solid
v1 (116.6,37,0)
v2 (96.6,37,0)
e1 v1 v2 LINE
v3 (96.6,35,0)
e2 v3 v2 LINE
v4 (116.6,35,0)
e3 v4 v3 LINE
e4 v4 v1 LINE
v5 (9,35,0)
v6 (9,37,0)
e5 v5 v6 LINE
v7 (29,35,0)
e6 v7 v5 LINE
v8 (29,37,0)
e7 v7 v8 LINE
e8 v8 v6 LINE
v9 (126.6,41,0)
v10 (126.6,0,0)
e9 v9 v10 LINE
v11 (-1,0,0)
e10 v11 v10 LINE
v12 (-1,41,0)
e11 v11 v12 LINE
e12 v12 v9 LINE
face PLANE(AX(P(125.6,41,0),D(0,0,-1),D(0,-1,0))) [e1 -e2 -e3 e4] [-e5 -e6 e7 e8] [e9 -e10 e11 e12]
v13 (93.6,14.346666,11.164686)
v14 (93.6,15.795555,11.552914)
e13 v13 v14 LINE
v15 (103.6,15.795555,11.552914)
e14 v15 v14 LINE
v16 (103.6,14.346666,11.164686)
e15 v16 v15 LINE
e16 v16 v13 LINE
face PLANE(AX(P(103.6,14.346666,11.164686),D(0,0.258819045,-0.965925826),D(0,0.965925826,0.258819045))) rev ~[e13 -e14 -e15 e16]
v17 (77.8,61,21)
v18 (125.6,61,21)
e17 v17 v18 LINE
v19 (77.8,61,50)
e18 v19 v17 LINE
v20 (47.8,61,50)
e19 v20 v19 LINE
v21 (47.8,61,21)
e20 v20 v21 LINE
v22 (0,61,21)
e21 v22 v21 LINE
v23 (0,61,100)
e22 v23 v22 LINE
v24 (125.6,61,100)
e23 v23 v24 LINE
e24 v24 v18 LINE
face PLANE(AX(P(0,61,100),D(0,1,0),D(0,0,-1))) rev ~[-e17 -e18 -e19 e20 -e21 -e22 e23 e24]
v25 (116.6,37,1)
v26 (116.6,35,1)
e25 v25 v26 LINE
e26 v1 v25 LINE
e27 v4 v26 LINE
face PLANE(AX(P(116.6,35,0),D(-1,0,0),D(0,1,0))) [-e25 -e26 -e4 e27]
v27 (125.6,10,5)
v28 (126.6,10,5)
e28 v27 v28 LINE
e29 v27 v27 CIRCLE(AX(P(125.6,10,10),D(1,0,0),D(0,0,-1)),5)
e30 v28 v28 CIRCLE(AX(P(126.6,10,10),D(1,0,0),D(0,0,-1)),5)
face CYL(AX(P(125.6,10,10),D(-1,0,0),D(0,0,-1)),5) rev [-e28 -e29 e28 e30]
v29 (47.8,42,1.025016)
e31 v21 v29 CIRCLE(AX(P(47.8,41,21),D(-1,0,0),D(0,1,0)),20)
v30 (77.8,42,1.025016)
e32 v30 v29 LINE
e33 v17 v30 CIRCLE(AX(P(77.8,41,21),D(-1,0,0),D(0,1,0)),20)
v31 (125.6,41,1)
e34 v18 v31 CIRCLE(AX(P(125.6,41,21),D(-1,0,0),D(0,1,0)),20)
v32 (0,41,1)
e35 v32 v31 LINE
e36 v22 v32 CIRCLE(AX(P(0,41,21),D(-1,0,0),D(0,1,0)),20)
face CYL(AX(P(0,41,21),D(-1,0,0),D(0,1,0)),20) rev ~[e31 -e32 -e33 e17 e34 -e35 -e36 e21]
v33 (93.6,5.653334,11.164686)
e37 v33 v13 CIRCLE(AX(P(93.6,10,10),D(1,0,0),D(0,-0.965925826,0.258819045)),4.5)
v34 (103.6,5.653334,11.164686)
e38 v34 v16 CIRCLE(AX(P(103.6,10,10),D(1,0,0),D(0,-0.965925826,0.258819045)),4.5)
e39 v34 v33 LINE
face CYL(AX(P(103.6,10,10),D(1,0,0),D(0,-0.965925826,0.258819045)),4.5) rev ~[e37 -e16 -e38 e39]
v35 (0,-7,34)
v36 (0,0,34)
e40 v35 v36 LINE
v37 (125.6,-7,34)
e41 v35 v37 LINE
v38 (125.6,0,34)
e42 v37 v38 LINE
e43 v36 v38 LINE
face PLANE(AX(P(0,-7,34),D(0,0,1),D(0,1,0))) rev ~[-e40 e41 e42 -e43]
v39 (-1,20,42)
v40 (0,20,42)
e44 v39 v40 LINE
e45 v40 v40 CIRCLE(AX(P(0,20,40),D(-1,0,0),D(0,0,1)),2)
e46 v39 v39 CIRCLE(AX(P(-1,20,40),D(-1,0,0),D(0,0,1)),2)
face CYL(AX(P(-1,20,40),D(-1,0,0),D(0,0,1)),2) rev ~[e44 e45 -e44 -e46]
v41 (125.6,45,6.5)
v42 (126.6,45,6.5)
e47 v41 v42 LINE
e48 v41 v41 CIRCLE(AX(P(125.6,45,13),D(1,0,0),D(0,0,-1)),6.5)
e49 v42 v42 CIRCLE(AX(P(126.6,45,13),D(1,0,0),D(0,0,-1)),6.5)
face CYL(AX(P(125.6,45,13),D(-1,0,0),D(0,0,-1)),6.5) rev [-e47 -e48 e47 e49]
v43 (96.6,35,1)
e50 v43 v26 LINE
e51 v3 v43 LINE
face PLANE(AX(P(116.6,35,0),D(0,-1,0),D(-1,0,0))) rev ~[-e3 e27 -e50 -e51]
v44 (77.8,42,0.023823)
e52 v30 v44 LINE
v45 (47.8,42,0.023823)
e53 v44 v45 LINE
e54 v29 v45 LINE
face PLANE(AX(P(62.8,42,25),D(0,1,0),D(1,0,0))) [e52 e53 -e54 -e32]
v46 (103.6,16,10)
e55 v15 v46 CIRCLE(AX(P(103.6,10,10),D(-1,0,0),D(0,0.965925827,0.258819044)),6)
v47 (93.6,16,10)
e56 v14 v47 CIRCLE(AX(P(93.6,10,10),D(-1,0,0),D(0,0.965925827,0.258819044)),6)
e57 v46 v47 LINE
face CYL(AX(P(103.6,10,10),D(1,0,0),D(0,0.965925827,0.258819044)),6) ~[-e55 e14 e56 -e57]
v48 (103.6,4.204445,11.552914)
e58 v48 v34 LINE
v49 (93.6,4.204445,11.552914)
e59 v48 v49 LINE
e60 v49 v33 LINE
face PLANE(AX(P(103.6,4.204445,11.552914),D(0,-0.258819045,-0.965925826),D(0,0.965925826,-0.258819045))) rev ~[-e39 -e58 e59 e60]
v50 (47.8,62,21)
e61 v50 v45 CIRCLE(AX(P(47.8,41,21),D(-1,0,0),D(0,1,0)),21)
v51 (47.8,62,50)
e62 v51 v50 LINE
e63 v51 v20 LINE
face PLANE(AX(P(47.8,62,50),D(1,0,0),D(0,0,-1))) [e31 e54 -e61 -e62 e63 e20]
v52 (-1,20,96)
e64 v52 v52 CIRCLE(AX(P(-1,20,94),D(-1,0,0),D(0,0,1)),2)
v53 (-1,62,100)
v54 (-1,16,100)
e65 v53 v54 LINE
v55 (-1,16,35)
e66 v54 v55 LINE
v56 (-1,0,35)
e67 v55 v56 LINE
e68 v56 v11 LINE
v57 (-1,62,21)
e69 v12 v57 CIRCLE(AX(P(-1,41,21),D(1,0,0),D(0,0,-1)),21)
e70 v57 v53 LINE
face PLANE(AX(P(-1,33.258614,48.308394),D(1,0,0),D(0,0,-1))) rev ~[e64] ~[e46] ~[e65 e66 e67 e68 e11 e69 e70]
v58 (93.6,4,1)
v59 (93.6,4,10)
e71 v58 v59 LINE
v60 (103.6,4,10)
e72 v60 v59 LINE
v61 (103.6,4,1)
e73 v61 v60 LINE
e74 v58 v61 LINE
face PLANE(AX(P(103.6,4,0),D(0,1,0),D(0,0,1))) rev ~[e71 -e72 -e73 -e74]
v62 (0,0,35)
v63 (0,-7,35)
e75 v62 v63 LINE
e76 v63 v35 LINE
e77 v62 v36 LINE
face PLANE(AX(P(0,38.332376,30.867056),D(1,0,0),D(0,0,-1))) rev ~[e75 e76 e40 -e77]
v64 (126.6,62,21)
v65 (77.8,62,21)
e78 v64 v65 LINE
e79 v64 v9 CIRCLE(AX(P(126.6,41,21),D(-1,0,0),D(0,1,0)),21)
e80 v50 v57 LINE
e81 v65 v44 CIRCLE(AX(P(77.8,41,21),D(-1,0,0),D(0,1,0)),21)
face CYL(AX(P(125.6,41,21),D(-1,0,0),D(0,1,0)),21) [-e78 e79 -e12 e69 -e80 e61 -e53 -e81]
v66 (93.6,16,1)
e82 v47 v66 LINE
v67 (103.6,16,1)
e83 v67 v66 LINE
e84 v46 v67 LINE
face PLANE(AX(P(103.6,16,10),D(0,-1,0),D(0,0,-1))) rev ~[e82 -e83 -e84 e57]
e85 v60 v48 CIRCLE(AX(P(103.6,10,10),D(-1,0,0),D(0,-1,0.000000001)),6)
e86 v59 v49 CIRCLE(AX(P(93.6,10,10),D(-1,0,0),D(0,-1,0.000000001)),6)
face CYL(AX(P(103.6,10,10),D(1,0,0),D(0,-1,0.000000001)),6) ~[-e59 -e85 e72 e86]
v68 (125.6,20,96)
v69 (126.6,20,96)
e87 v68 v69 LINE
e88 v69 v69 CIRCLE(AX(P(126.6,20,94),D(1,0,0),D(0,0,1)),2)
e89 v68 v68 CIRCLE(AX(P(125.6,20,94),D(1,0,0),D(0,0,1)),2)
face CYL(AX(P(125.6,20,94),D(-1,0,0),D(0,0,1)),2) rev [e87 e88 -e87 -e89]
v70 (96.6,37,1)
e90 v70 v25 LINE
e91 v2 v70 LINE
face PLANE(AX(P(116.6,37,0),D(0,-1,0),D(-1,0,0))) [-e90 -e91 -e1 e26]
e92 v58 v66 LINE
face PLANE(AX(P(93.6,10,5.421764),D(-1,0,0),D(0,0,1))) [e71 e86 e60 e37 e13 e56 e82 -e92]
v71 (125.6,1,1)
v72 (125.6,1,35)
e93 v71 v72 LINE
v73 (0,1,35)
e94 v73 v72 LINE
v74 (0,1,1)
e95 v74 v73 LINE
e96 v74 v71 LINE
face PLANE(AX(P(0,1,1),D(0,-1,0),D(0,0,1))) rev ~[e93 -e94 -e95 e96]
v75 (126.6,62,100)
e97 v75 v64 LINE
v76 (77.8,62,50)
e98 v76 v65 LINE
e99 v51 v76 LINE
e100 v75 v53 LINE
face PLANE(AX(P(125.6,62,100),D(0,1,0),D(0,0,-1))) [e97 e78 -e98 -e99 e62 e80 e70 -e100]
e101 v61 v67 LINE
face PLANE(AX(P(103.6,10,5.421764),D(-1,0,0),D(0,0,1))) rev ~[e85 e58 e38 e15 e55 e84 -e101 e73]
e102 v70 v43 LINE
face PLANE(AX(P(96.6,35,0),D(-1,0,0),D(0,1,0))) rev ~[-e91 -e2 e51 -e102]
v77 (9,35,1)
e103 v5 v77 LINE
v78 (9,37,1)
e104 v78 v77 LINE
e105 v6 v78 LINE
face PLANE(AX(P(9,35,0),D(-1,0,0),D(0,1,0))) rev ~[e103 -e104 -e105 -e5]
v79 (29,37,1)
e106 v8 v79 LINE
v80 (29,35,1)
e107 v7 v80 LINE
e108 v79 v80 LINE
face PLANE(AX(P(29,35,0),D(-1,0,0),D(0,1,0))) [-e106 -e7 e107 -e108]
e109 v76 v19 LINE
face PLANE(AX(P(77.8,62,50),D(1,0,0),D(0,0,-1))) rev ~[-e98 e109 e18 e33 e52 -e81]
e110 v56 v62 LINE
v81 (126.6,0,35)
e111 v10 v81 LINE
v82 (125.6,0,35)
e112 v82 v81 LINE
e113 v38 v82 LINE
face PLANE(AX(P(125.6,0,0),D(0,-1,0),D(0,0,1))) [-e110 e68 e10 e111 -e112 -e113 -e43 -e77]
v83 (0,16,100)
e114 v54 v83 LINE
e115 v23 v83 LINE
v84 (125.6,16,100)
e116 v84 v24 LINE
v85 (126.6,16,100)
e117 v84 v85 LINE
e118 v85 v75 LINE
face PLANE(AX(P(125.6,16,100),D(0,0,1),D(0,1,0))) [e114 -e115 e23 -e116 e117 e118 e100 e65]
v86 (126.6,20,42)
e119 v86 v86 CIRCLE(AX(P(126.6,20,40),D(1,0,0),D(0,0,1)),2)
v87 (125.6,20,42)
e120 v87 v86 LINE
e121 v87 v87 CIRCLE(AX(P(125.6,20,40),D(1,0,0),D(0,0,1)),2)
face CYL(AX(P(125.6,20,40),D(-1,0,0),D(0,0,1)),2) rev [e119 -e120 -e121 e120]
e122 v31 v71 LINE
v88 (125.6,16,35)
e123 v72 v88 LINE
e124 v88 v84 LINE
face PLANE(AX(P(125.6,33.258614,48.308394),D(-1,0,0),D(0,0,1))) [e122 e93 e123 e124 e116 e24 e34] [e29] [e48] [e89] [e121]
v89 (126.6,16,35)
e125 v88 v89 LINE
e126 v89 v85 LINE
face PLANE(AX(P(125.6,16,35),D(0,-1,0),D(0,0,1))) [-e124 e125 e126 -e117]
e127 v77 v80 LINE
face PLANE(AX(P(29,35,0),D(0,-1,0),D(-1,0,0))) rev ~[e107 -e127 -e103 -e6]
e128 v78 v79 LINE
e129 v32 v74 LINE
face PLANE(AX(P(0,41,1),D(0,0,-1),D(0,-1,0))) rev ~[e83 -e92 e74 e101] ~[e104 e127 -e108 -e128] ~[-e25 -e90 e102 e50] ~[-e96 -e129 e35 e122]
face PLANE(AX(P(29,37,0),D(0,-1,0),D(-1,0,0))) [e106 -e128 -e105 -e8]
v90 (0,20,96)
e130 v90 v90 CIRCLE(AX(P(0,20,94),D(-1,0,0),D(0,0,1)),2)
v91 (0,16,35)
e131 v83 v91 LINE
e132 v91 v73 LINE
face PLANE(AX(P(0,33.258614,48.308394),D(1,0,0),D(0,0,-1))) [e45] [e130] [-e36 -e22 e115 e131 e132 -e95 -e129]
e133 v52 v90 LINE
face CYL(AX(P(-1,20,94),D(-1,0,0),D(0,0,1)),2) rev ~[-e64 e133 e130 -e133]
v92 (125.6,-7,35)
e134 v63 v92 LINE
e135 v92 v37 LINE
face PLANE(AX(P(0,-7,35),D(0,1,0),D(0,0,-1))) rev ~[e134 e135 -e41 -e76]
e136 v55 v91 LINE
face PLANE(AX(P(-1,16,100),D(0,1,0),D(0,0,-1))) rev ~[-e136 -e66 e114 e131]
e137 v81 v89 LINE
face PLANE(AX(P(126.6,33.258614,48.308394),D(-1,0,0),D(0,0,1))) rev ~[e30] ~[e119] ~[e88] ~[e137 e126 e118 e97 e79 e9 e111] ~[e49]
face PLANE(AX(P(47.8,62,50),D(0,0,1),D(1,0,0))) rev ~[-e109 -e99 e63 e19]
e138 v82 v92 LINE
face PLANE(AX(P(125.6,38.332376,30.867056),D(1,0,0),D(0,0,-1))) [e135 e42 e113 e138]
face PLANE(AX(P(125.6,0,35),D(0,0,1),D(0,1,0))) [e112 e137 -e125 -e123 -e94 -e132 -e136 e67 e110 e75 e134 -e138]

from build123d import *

# Parameters (mm, degrees)
EXTRUDE_1_DEPTH     = 125.6
EXTRUDE_START       = 1
SKETCH_2_R          = 2
EXTRUDE_2_DEPTH     = 1
SKETCH_3_R          = 2
SKETCH_3_R_2        = 6.5
SKETCH_3_R_3        = 5
EXTRUDE_3_DEPTH     = 1
SKETCH_4_W          = 30
SKETCH_4_H          = 50
CUT_EXTRUDE_1_DEPTH = 20
CUT_EXTRUDE_2_REACH = 174.834
SKETCH_5_W          = 20
SKETCH_5_H          = 2
EXTRUDE_START_2     = -23
EXTRUDE_4_DEPTH     = 10


with BuildPart() as part:
    # 草图1 → 凸台-拉伸1 (new body)
    with BuildSketch(Plane(origin=(0, 0, 0), x_dir=(0, 0, -1), z_dir=(1, 0, 0))):
        with BuildLine():
            Line((0, 0), (0, 41))
            ThreePointArc((0, 41), (-6.150757595, 55.849242405), (-21, 62))
            Line((-21, 62), (-100, 62))
            Line((-100, 62), (-100, 61))
            Line((-100, 61), (-21, 61))
            ThreePointArc((-21, 61), (-6.857864376, 55.142135624), (-1, 41))
            Line((-1, 41), (-1, 1))
            Line((-1, 1), (-35, 1))
            Line((-35, 1), (-35, -7))
            Line((-35, -7), (-34, -7))
            Line((-34, -7), (-34, 0))
            Line((-34, 0), (0, 0))
        make_face()
    extrude(amount=EXTRUDE_1_DEPTH)

    # 草图2 → 凸台-拉伸2 (add)
    with BuildSketch(Plane.ZY.offset(EXTRUDE_START)):
        with BuildLine():
            Line((35, 0), (0, 0))
            Line((0, 0), (0, 41))
            ThreePointArc((0, 41), (6.150757595, 55.849242405), (21, 62))
            Line((21, 62), (100, 62))
            Line((100, 62), (100, 16))
            Line((100, 16), (35, 16))
            Line((35, 16), (35, 0))
        make_face()
        with Locations((94, 20)):
            Circle(SKETCH_2_R, mode=Mode.SUBTRACT)
        with Locations((40, 20)):
            Circle(SKETCH_2_R, mode=Mode.SUBTRACT)
    extrude(amount=-EXTRUDE_2_DEPTH)

    # 草图3 → 凸台-拉伸3 (add)
    with BuildSketch(Plane(origin=(125.6, 0, 0), x_dir=(0, 0, -1), z_dir=(1, 0, 0))):
        with BuildLine():
            Line((-35, 16), (-100, 16))
            Line((-100, 16), (-100, 62))
            Line((-100, 62), (-21, 62))
            ThreePointArc((-21, 62), (-6.150757595, 55.849242405), (0, 41))
            Line((0, 41), (0, 0))
            Line((0, 0), (-35, 0))
            Line((-35, 0), (-35, 16))
        make_face()
        with Locations(Location((-94, 20, 0), (0, 0, 180))):
            Circle(SKETCH_3_R, mode=Mode.SUBTRACT)
        with Locations(Location((-40, 20, 0), (0, 0, 180))):
            Circle(SKETCH_3_R, mode=Mode.SUBTRACT)
        with Locations((-13, 45)):
            Circle(SKETCH_3_R_2, mode=Mode.SUBTRACT)
        with Locations((-10, 10)):
            Circle(SKETCH_3_R_3, mode=Mode.SUBTRACT)
    extrude(amount=EXTRUDE_3_DEPTH)

    # 草图4 → 切除-拉伸1 (cut)
    with BuildSketch(Plane(origin=(0, 62, 0), x_dir=(1, 0, 0), z_dir=(0, 1, 0))):
        with Locations((62.8, -25)):
            Rectangle(SKETCH_4_W, SKETCH_4_H)
    extrude(amount=-CUT_EXTRUDE_1_DEPTH, mode=Mode.SUBTRACT)

    # 草图5 → 切除-拉伸2 (cut, up to next)
    with BuildSketch(Plane(origin=(0, 0, 0), x_dir=(-1, 0, 0), z_dir=(0, 0, -1)), mode=Mode.PRIVATE) as cut_extrude_2_sk1:
        with Locations((-106.6, 36)):
            Rectangle(SKETCH_5_W, SKETCH_5_H)
    cut_extrude_2_tool1 = extrude(cut_extrude_2_sk1.sketch, amount=-CUT_EXTRUDE_2_REACH, mode=Mode.PRIVATE) & part.part
    # 草图5 → 切除-拉伸2 (cut, up to next)
    with BuildSketch(Plane(origin=(0, 0, 0), x_dir=(-1, 0, 0), z_dir=(0, 0, -1)), mode=Mode.PRIVATE) as cut_extrude_2_sk2:
        with Locations((-19, 36)):
            Rectangle(SKETCH_5_W, SKETCH_5_H)
    cut_extrude_2_tool2 = extrude(cut_extrude_2_sk2.sketch, amount=-CUT_EXTRUDE_2_REACH, mode=Mode.PRIVATE) & part.part
    add(cut_extrude_2_tool1.solids().sort_by_distance((106.6, 36, 0))[0], mode=Mode.SUBTRACT)
    add(cut_extrude_2_tool2.solids().sort_by_distance((19, 36, 0))[0], mode=Mode.SUBTRACT)

    # 草图6 → 凸台-拉伸4 (add)
    with BuildSketch(Plane(origin=(126.6, 0, 0), x_dir=(0, 0, -1), z_dir=(1, 0, 0)).offset(EXTRUDE_START_2)):
        with BuildLine():
            Line((-10, 16), (0, 16))
            Line((0, 16), (0, 4))
            Line((0, 4), (-10, 4))
            ThreePointArc((-10, 4), (-10.783157153, 4.051330832), (-11.552914271, 4.204445042))
            Line((-11.552914271, 4.204445042), (-11.164685703, 5.653333782))
            ThreePointArc((-11.164685703, 5.653333782), (-5.5, 10), (-11.164685703, 14.346666218))
            Line((-11.164685703, 14.346666218), (-11.552914271, 15.795554958))
            ThreePointArc((-11.552914271, 15.795554958), (-10.783157153, 15.948669168), (-10, 16))
        make_face()
    extrude(amount=-EXTRUDE_4_DEPTH)


solid = part.part
